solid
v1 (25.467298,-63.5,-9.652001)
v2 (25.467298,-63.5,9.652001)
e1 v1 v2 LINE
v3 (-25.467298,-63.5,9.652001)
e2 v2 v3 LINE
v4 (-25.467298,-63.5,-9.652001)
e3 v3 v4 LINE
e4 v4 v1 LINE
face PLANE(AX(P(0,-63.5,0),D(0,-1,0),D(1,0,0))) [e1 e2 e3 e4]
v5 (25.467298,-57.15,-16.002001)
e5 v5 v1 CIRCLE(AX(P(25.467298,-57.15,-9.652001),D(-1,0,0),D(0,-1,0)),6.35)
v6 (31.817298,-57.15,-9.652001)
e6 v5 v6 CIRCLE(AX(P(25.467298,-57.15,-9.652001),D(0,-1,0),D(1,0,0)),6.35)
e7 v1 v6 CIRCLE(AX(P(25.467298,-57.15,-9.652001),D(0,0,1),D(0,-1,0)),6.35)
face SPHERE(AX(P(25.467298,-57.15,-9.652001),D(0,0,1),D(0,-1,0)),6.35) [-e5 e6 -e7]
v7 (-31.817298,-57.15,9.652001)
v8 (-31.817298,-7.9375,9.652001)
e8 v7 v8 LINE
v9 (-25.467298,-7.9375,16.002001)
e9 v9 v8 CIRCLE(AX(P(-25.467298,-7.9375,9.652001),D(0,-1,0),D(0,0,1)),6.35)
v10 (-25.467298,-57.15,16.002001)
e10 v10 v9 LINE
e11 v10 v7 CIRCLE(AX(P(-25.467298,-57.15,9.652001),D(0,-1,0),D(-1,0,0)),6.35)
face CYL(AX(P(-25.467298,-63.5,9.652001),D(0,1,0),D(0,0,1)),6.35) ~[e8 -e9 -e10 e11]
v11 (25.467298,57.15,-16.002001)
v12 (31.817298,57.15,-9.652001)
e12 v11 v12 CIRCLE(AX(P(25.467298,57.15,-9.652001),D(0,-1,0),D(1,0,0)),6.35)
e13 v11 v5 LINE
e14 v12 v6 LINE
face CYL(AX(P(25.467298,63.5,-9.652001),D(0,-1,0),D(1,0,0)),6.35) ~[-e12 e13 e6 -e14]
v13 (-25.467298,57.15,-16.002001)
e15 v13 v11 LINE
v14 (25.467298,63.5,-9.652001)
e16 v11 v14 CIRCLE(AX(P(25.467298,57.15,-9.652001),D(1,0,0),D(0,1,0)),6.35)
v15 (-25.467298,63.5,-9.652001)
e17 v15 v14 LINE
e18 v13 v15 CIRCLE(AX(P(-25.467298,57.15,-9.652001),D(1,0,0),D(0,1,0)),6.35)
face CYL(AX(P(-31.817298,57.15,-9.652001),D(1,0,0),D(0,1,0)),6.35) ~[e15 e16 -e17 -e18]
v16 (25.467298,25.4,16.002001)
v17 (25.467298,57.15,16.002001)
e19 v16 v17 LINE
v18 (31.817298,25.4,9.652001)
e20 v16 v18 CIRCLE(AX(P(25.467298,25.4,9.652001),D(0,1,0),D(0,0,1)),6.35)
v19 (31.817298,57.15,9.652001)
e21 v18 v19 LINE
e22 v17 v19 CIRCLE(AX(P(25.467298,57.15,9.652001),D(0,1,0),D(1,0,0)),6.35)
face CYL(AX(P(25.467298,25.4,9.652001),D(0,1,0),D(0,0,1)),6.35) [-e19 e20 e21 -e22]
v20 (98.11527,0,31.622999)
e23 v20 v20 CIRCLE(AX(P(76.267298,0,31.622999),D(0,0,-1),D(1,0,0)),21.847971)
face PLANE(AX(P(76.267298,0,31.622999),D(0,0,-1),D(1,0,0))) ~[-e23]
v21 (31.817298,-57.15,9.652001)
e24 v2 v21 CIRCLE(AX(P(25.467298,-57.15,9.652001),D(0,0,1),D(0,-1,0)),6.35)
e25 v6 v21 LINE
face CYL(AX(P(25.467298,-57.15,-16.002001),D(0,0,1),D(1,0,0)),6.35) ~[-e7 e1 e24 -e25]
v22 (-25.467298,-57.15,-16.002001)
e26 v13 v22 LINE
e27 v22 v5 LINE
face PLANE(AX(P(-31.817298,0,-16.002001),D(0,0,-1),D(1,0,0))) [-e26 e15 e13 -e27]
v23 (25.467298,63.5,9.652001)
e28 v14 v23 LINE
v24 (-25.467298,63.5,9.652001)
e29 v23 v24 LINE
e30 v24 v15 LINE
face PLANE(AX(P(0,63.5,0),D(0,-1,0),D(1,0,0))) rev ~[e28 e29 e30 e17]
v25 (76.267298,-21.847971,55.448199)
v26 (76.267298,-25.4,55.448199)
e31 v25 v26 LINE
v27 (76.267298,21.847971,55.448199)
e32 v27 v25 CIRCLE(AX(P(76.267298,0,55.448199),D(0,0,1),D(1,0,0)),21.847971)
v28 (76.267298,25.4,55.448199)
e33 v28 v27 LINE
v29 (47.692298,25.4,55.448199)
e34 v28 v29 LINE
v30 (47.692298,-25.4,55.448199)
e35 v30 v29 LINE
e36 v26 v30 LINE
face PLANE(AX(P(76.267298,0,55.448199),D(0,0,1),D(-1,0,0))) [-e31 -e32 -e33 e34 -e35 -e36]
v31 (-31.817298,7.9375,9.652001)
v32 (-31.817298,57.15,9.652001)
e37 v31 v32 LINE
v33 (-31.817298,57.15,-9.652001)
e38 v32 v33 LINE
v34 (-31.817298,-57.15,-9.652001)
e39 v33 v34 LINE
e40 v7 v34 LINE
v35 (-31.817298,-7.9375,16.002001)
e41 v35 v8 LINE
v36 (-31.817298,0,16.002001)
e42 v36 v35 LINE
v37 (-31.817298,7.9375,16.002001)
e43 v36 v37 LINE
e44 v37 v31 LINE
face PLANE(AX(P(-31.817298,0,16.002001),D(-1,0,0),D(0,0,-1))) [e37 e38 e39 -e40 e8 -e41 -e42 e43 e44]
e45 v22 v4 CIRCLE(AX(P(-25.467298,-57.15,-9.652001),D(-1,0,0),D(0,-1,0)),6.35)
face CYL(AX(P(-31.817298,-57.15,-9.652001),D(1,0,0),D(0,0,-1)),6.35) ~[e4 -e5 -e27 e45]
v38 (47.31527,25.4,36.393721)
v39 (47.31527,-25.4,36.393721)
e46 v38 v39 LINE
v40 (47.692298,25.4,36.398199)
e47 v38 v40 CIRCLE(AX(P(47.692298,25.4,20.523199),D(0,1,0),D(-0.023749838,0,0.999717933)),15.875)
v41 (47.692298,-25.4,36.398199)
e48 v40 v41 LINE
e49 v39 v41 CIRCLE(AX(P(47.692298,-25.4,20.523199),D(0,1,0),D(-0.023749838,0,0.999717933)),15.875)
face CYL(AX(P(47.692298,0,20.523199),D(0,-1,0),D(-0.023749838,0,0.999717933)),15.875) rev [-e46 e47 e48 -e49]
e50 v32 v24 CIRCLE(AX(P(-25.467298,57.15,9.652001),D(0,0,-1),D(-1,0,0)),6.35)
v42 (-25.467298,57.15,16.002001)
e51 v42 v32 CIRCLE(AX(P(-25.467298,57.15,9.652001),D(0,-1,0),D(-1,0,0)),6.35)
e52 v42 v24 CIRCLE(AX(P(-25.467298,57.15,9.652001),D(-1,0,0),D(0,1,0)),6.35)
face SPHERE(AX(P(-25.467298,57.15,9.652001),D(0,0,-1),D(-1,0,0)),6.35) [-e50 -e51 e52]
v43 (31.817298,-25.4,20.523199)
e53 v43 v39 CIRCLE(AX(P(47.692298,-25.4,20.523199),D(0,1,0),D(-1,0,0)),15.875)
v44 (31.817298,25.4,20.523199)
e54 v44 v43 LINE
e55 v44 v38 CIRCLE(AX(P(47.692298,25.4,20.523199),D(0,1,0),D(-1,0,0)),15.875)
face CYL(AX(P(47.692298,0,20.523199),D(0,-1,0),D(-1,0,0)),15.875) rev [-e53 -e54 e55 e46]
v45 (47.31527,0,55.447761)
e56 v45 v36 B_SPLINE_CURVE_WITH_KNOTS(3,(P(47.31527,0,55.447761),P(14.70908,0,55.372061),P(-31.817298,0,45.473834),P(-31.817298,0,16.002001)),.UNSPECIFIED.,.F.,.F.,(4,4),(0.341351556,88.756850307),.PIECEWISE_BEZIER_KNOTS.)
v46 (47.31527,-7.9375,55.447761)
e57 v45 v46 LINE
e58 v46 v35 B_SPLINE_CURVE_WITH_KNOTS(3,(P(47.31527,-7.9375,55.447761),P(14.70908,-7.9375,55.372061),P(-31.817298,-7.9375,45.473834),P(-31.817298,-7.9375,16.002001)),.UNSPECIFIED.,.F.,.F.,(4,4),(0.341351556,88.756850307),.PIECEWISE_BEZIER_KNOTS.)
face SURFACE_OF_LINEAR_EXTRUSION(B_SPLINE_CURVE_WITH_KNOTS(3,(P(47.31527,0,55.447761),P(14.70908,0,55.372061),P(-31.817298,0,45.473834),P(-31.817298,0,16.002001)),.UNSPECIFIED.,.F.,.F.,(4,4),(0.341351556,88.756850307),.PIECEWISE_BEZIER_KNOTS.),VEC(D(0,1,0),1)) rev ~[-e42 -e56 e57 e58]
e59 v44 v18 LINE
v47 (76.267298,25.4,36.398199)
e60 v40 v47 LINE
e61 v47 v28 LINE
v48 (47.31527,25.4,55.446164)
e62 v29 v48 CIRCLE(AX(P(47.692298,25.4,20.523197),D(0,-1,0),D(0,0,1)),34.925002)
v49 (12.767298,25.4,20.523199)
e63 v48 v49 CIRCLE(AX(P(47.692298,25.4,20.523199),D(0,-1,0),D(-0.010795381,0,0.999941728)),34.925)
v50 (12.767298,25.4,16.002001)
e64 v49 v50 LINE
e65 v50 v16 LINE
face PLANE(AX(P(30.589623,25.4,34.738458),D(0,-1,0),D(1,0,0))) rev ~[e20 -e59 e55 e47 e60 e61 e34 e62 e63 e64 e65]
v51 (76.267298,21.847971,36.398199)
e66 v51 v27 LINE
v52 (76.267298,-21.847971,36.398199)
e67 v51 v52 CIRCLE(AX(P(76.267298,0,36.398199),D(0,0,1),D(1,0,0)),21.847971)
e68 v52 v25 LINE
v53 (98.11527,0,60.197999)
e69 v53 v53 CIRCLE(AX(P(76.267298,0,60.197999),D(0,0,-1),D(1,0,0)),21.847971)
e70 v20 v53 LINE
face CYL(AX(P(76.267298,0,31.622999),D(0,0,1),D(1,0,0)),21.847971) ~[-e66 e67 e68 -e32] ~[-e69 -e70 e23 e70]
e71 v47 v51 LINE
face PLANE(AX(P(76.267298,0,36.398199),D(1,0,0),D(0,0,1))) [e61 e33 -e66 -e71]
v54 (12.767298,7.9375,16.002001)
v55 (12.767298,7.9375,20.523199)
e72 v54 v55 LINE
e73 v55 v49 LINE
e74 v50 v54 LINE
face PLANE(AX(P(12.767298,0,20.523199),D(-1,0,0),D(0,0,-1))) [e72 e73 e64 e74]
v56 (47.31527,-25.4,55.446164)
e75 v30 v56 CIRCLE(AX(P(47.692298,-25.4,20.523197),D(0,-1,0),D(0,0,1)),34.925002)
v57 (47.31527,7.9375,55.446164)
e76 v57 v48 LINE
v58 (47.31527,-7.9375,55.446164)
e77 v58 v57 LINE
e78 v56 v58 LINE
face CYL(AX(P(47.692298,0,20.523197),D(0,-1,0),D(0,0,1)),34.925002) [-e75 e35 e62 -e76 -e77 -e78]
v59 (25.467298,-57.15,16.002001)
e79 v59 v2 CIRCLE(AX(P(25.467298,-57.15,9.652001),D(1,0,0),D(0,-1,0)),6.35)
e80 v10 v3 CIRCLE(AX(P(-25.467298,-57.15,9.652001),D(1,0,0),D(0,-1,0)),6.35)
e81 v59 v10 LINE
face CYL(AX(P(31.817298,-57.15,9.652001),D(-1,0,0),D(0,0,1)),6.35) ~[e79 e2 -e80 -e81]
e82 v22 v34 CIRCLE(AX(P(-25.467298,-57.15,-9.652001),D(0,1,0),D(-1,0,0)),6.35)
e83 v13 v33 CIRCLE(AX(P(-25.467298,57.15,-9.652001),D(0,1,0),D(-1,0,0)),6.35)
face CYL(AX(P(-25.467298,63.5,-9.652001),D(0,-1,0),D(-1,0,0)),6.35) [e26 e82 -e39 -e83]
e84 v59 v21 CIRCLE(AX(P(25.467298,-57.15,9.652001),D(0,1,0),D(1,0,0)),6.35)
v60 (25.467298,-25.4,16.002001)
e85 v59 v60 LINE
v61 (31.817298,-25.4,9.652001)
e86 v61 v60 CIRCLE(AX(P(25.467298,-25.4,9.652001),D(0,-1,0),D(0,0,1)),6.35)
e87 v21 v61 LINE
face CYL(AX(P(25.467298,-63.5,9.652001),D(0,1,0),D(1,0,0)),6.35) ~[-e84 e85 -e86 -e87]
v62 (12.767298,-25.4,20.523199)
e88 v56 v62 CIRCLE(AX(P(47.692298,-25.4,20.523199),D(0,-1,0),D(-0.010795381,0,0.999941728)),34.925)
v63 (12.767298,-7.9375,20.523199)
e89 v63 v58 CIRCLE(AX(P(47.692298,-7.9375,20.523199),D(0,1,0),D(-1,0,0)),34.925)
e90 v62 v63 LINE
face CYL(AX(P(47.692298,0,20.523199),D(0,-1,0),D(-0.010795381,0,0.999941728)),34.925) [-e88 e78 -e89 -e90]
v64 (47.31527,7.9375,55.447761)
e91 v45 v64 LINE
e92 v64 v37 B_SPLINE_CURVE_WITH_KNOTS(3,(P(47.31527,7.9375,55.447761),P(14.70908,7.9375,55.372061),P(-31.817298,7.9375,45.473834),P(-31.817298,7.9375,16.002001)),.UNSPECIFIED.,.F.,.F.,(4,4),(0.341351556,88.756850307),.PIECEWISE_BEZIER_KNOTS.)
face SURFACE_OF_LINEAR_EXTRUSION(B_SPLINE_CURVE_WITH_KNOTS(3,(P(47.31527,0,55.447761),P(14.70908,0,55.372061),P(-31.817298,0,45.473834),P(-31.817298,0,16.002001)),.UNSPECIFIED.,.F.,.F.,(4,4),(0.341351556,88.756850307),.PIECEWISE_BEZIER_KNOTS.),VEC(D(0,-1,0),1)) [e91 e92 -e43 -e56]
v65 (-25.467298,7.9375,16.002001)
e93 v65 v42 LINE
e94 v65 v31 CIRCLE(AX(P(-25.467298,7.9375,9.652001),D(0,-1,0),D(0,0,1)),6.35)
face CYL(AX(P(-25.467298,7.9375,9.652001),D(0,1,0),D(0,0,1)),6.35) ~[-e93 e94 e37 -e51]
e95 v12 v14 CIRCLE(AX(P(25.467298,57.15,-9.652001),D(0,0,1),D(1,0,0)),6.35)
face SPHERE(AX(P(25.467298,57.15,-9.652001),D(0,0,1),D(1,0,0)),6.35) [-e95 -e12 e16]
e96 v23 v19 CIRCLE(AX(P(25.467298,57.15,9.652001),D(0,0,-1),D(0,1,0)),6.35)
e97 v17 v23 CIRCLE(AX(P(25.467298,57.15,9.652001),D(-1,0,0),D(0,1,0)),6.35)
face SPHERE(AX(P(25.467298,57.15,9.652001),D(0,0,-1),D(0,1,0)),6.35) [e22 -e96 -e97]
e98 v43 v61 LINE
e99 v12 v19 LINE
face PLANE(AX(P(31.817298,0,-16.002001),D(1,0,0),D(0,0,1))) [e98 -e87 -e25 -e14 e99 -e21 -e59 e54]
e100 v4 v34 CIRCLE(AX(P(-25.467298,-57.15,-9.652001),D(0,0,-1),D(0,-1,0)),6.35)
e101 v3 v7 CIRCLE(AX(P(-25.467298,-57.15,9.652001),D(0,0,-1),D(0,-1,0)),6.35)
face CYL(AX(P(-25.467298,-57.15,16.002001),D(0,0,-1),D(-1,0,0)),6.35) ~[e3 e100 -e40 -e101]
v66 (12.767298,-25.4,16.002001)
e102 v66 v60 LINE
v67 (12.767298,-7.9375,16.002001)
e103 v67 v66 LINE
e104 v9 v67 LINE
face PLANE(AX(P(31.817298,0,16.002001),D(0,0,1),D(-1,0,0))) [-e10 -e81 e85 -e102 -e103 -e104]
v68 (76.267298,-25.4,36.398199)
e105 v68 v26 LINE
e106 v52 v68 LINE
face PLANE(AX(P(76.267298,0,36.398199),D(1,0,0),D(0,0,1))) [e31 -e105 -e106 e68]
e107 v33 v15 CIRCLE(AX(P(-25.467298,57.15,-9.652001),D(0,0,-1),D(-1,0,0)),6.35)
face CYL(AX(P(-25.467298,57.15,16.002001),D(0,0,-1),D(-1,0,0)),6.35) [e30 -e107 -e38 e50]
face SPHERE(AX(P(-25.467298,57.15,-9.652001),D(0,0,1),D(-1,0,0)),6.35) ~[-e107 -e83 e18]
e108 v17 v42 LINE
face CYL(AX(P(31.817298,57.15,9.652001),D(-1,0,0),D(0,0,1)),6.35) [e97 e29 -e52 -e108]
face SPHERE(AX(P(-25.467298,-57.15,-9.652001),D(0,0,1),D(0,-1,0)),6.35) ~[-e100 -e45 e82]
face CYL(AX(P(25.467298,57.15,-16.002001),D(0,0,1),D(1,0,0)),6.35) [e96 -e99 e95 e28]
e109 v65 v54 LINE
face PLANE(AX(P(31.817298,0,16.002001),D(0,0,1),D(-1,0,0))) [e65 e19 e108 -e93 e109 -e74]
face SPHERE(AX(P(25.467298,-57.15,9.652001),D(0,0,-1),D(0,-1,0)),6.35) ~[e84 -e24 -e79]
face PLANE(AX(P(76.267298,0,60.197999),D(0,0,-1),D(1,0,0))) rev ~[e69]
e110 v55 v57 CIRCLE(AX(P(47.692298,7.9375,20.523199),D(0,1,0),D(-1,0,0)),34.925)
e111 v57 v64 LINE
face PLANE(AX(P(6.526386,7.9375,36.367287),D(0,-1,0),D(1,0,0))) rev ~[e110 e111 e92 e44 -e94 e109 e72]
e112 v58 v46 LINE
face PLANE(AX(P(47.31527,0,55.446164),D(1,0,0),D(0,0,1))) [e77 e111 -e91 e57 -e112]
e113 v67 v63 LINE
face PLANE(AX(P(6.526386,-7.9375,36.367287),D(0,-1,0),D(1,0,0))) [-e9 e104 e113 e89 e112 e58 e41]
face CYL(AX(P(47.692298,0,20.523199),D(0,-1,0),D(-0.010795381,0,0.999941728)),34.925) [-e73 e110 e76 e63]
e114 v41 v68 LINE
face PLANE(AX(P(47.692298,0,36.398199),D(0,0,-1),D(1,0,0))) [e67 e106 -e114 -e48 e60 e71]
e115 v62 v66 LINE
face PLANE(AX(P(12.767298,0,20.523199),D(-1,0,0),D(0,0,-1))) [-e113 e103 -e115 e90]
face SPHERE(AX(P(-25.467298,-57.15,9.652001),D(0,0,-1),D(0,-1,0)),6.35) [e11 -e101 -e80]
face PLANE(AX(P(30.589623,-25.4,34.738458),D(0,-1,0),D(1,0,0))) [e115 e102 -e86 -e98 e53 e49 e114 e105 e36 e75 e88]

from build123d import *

# Parameters (mm, degrees)
F1_DEPTH = 63.5
F2_DEPTH = 25.4
F3_DEPTH = 7.9375
F5_R     = 6.35


with BuildPart() as f1:
    # F0 (on Front) → F1 (new body, symmetric)
    with BuildSketch(Plane.XZ):
        Polygon((12.7672983825, 16.0020012408), (-31.8172983825, 16.0020012408), (-31.8172983825, -16.0020012408), (31.8172983825, -16.0020012408), (31.8172983825, 16.0020012408), align=None)
    extrude(amount=F1_DEPTH, both=True)

    # F0 (on Front) → F2 (join, symmetric)
    with BuildSketch(Plane.XZ):
        with BuildLine():
            Line((12.7672983825, 20.5231987592), (12.7672983825, 16.0020012408))
            Line((12.7672983825, 16.0020012408), (31.8172983825, 16.0020012408))
            Line((31.8172983825, 16.0020012408), (31.8172983825, 20.5231987592))
            ThreePointArc((31.8172983825, 20.5231987592), (36.3344606658, 31.6144181421), (47.3152697086, 36.3937209427))
            Line((47.3152697086, 36.3937209427), (47.3152697086, 55.4461636158))
            ThreePointArc((47.3152697086, 55.4461636158), (22.8636521102, 45.0852416156), (12.7672983825, 20.5231987592))
        make_face()
        with BuildLine():
            ThreePointArc((47.6922983825, 55.4481987592), (47.5037812992, 55.4476899696), (47.3152697086, 55.4461636158))
            Line((47.3152697086, 55.4461636158), (47.3152697086, 36.3937209427))
            ThreePointArc((47.3152697086, 36.3937209427), (47.5037707507, 36.3970792656), (47.6922983825, 36.3981987592))
            Line((47.6922983825, 36.3981987592), (76.2672983825, 36.3981987592))
            Line((76.2672983825, 36.3981987592), (76.2672983825, 55.4481987592))
            Line((76.2672983825, 55.4481987592), (47.6922983825, 55.4481987592))
        make_face()
    extrude(amount=F2_DEPTH, both=True)

    # F0 (on Front) → F3 (join, symmetric)
    with BuildSketch(Plane.XZ):
        with BuildLine():
            add(Edge.make_bspline(
                [(47.3152697086, 55.447760652), (14.70907961, 55.3720610373), (-31.8172983825, 45.4738341579), (-31.8172983825, 16.0020012408)],
                knots=[0.3413515557, 0.3413515557, 0.3413515557, 0.3413515557, 88.7568503068, 88.7568503068, 88.7568503068, 88.7568503068], degree=3))
            Line((-31.8172983825, 16.0020012408), (12.7672983825, 16.0020012408))
            Line((12.7672983825, 16.0020012408), (12.7672983825, 20.5231987592))
            ThreePointArc((12.7672983825, 20.5231987592), (22.8636521102, 45.0852416156), (47.3152697086, 55.4461636158))
            Line((47.3152697086, 55.4461636158), (47.3152697086, 55.447760652))
        make_face()
    extrude(amount=F3_DEPTH, both=True)

    # F0 (on Front) → F4 (revolve)
    with BuildSketch(Plane.XZ):
        Polygon((98.1152697086, 60.1979987592), (76.2672983825, 60.1979987592), (76.2672983825, 55.4481987592), (76.2672983825, 36.3981987592), (76.2672983825, 31.6229987592), (98.1152697086, 31.6229987592), align=None)
    revolve(axis=Axis((76.2672983825, 0, 45.9104987592), (0, 0, -1)))

    # F5
    f5_edges = [f1.edges().sort_by_distance(p)[0] for p in [
        (31.817298, -63.5, 0),
        (-31.817298, -63.5, 0),
        (-31.817298, 63.5, 0),
        (31.817298, 63.5, 0),
        (0, -63.5, 16.002001),
        (0, -63.5, -16.002001),
        (31.817298, -44.45, 16.002001),
        (31.817298, 0, -16.002001),
        (-31.817298, 35.71875, 16.002001),
        (-31.817298, -35.71875, 16.002001),
        (-31.817298, 0, -16.002001),
        (0, 63.5, 16.002001),
        (0, 63.5, -16.002001),
        (31.817298, 44.45, 16.002001),
    ]]
    fillet(f5_edges, radius=F5_R)


solid = f1.part
